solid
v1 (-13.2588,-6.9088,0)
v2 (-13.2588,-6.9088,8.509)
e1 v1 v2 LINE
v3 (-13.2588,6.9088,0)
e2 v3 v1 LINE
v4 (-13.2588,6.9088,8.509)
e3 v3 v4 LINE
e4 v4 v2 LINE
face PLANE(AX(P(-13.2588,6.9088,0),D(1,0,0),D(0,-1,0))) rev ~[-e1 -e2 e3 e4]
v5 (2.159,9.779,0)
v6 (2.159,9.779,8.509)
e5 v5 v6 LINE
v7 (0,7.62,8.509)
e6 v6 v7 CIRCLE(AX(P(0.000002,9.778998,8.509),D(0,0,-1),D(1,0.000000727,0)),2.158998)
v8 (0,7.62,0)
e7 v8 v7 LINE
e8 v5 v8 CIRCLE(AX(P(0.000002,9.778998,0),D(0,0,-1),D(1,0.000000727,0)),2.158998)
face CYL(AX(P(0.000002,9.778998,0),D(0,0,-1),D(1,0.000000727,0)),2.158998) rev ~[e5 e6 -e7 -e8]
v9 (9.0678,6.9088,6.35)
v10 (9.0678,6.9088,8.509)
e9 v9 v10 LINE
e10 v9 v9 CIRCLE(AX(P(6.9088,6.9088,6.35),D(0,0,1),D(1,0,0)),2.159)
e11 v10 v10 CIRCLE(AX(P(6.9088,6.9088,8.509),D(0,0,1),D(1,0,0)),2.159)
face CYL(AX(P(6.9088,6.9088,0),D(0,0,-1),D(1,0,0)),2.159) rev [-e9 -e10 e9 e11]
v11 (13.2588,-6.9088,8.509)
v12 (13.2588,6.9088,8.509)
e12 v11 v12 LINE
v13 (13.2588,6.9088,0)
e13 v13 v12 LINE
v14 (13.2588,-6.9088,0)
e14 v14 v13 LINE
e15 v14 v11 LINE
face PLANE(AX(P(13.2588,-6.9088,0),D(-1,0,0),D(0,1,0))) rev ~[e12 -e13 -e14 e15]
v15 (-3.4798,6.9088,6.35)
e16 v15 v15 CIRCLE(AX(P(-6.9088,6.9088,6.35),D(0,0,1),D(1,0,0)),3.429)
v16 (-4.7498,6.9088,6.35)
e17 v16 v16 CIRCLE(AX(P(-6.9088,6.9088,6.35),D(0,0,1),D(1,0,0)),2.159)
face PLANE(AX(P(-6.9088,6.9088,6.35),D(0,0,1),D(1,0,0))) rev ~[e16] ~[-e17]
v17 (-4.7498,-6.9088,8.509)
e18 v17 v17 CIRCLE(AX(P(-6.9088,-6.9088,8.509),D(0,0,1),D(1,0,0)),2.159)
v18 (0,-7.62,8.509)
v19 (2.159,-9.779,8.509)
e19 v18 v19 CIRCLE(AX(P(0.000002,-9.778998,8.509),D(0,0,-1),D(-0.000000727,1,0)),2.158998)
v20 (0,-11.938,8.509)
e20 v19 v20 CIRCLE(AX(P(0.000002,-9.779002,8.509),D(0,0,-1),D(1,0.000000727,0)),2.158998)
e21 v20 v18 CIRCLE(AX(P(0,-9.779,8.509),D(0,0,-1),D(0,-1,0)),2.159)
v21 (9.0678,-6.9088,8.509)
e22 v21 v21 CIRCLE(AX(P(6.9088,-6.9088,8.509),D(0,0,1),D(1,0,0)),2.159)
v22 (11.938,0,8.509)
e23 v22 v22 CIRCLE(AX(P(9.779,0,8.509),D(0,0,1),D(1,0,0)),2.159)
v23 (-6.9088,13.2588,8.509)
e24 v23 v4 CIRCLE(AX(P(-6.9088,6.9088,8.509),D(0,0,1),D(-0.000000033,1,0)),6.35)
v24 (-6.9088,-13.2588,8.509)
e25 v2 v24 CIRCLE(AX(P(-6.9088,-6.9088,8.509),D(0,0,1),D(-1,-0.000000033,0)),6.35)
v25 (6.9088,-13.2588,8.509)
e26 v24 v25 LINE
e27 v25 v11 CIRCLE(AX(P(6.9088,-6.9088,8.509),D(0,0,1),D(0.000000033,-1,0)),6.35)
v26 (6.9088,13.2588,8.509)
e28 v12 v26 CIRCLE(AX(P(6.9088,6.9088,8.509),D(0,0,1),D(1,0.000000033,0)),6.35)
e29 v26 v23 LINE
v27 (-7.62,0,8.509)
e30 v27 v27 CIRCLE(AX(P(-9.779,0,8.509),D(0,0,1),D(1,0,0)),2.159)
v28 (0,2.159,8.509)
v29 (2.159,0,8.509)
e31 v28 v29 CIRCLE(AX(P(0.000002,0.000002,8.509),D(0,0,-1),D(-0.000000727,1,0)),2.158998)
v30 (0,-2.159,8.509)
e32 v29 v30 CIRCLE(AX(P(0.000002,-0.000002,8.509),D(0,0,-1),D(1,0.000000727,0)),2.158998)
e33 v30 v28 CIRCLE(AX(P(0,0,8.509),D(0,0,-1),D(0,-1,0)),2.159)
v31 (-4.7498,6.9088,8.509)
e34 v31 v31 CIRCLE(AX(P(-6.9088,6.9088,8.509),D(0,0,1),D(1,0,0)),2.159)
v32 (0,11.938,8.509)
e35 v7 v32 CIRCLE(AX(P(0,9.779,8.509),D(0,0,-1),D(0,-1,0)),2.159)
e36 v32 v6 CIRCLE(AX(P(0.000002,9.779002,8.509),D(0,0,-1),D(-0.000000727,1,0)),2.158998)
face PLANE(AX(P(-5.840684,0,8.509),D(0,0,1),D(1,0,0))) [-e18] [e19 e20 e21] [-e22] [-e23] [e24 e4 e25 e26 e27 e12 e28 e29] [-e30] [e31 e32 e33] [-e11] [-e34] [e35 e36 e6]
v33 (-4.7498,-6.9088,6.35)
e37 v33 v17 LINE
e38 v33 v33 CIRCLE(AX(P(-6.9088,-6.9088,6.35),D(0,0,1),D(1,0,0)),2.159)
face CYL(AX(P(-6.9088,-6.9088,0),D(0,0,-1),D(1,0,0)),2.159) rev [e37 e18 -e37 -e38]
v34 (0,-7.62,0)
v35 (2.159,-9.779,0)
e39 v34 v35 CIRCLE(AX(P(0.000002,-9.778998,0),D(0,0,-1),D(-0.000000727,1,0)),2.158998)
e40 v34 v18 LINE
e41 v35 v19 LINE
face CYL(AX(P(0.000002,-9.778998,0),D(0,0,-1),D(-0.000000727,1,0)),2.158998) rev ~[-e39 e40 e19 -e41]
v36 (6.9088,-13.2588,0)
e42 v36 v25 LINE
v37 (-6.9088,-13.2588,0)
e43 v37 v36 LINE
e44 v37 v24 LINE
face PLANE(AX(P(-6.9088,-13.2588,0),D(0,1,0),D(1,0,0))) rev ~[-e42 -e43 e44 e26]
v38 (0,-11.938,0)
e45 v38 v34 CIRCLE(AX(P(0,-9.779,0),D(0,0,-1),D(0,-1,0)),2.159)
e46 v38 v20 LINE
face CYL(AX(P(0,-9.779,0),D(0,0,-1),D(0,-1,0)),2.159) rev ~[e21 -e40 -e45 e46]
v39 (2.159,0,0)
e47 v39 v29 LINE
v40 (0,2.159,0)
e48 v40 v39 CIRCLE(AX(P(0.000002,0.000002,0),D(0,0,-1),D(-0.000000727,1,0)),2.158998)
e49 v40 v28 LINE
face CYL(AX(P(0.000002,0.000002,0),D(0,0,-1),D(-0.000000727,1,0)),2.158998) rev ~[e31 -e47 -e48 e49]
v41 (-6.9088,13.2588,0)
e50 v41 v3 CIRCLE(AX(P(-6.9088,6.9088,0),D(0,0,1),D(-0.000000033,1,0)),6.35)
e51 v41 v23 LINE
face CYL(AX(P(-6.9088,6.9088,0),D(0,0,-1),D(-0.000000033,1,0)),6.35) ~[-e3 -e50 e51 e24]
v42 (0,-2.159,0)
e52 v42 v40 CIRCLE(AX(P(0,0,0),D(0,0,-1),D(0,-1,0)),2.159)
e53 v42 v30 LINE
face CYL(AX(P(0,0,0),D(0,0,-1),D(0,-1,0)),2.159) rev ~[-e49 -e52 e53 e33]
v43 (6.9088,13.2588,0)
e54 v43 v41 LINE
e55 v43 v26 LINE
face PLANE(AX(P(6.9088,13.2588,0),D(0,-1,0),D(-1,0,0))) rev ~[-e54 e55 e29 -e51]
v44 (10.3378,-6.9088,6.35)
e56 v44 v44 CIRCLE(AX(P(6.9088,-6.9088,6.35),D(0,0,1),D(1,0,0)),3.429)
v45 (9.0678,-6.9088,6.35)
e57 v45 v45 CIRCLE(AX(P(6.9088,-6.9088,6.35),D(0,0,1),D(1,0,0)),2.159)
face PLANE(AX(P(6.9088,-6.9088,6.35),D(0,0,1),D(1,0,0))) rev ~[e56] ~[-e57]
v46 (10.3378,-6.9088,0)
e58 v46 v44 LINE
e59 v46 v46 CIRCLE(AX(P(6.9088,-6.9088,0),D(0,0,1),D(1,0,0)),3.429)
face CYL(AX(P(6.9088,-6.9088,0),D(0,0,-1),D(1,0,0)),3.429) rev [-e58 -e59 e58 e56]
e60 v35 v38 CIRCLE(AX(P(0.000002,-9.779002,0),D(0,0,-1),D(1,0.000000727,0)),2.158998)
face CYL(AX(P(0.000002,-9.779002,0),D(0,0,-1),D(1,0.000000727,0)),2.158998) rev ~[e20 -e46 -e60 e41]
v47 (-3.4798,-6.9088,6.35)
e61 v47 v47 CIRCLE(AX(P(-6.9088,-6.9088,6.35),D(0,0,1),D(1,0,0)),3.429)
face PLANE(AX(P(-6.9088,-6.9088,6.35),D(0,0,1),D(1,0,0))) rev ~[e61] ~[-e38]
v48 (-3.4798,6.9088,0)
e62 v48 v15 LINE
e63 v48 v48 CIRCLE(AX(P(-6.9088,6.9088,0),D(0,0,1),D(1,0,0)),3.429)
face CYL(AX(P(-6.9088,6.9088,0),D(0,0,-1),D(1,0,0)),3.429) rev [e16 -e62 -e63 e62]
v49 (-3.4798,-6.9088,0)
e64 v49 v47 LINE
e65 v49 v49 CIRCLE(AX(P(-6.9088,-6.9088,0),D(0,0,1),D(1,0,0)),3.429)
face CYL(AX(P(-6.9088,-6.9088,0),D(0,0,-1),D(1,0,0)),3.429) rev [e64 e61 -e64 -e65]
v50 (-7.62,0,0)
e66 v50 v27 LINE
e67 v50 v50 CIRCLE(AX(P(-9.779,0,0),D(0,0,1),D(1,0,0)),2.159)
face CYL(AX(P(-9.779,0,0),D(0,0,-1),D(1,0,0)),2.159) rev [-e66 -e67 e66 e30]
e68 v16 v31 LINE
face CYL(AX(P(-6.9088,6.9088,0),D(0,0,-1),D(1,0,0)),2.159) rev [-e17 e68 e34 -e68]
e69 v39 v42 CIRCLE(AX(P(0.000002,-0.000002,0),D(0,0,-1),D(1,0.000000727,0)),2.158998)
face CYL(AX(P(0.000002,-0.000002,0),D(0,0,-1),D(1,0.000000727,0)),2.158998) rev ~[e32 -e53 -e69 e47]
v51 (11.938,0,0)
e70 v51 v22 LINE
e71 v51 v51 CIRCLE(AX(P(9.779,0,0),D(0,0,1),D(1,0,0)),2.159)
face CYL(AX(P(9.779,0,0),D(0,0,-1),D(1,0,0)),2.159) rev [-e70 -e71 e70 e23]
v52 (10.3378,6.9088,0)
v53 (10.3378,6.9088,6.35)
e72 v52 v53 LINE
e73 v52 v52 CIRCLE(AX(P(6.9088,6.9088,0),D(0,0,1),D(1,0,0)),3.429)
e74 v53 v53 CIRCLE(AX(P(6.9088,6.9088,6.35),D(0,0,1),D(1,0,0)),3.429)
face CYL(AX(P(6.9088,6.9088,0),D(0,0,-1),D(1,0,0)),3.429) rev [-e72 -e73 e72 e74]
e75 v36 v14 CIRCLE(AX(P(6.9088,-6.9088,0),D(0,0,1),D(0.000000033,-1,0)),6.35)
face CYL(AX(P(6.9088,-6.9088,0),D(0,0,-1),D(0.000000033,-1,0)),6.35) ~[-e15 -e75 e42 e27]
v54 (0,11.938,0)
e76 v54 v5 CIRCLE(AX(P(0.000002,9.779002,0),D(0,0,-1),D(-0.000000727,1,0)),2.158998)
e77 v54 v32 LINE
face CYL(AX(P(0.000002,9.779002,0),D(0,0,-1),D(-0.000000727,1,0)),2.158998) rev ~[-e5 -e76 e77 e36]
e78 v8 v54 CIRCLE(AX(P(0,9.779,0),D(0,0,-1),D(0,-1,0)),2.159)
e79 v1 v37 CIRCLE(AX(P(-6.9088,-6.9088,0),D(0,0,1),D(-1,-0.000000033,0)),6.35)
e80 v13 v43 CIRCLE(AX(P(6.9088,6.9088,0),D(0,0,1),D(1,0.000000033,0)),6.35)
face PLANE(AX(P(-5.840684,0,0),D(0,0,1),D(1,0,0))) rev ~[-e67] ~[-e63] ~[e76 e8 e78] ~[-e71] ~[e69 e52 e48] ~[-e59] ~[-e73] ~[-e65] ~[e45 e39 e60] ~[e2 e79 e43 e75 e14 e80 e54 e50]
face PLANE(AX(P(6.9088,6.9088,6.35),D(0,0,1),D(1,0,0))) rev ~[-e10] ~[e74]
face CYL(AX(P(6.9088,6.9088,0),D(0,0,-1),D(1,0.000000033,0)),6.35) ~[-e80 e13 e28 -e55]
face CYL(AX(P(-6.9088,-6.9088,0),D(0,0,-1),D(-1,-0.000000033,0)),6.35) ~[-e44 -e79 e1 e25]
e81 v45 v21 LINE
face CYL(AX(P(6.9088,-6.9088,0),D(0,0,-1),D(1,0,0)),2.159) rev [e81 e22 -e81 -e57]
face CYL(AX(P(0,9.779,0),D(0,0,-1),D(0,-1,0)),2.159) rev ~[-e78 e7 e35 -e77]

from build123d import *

# Parameters (mm, degrees)
F0_R     = 3.429
F0_R_2   = 2.159
F1_DEPTH = 8.509
F2_DEPTH = 6.35


with BuildPart() as f1:
    # F0 (on Top) → F1 (new body)
    with BuildSketch(Plane.XY):
        with BuildLine():
            Line((0, 11.938), (0, 13.2588))
            Line((0, 13.2588), (-6.9088, 13.2588))
            ThreePointArc((-6.9088, 13.2588), (-11.398928, 11.398928), (-13.2588, 6.9088))
            Line((-13.2588, 6.9088), (-13.2588, -6.9088))
            ThreePointArc((-13.2588, -6.9088), (-11.398928, -11.398928), (-6.9088, -13.2588))
            Line((-6.9088, -13.2588), (0, -13.2588))
            Line((0, -13.2588), (0, -11.938))
            ThreePointArc((0, -11.938), (-2.159, -9.779), (0, -7.62))
            Line((0, -7.62), (0, -2.159))
            ThreePointArc((0, -2.159), (-2.159, 0), (0, 2.159))
            Line((0, 2.159), (0, 7.62))
            ThreePointArc((0, 7.62), (-2.159, 9.779), (0, 11.938))
        make_face()
        with Locations((-6.9088, -6.9088)):
            Circle(F0_R, mode=Mode.SUBTRACT)
        with Locations((-9.779, 0)):
            Circle(F0_R_2, mode=Mode.SUBTRACT)
        with Locations((-6.9088, 6.9088)):
            Circle(F0_R, mode=Mode.SUBTRACT)
        with BuildLine():
            ThreePointArc((13.2588, 6.9088), (11.398928, 11.398928), (6.9088, 13.2588))
            Line((6.9088, 13.2588), (0, 13.2588))
            Line((0, 13.2588), (0, 11.938))
            ThreePointArc((0, 11.938), (1.526644, 11.305644), (2.159, 9.779))
            ThreePointArc((2.159, 9.779), (1.526644, 8.252356), (0, 7.62))
            Line((0, 7.62), (0, 2.159))
            ThreePointArc((0, 2.159), (1.526644, 1.526644), (2.159, 0))
            ThreePointArc((2.159, 0), (1.526644, -1.526644), (0, -2.159))
            Line((0, -2.159), (0, -7.62))
            ThreePointArc((0, -7.62), (1.526644, -8.252356), (2.159, -9.779))
            ThreePointArc((2.159, -9.779), (1.526644, -11.305644), (0, -11.938))
            Line((0, -11.938), (0, -13.2588))
            Line((0, -13.2588), (6.9088, -13.2588))
            ThreePointArc((6.9088, -13.2588), (11.398928, -11.398928), (13.2588, -6.9088))
            Line((13.2588, -6.9088), (13.2588, 6.9088))
        make_face()
        with Locations((6.9088, -6.9088)):
            Circle(F0_R, mode=Mode.SUBTRACT)
        with Locations((9.779, 0)):
            Circle(F0_R_2, mode=Mode.SUBTRACT)
        with Locations((6.9088, 6.9088)):
            Circle(F0_R, mode=Mode.SUBTRACT)
        with Locations((-6.9088, 6.9088)):
            Circle(F0_R)
        with Locations((-6.9088, 6.9088)):
            Circle(F0_R_2, mode=Mode.SUBTRACT)
        with Locations((-6.9088, -6.9088)):
            Circle(F0_R)
        with Locations((-6.9088, -6.9088)):
            Circle(F0_R_2, mode=Mode.SUBTRACT)
        with Locations((6.9088, -6.9088)):
            Circle(F0_R)
        with Locations((6.9088, -6.9088)):
            Circle(F0_R_2, mode=Mode.SUBTRACT)
        with Locations((6.9088, 6.9088)):
            Circle(F0_R)
        with Locations((6.9088, 6.9088)):
            Circle(F0_R_2, mode=Mode.SUBTRACT)
    extrude(amount=F1_DEPTH)

    # F0 (on Top) → F2 (cut)
    with BuildSketch(Plane.XY):
        with Locations((-6.9088, -6.9088)):
            Circle(F0_R)
        with Locations((-6.9088, -6.9088)):
            Circle(F0_R_2, mode=Mode.SUBTRACT)
        with Locations((6.9088, -6.9088)):
            Circle(F0_R)
        with Locations((6.9088, -6.9088)):
            Circle(F0_R_2, mode=Mode.SUBTRACT)
        with Locations((6.9088, 6.9088)):
            Circle(F0_R)
        with Locations((6.9088, 6.9088)):
            Circle(F0_R_2, mode=Mode.SUBTRACT)
        with Locations((-6.9088, 6.9088)):
            Circle(F0_R)
        with Locations((-6.9088, 6.9088)):
            Circle(F0_R_2, mode=Mode.SUBTRACT)
    extrude(amount=F2_DEPTH, mode=Mode.SUBTRACT)


solid = f1.part
